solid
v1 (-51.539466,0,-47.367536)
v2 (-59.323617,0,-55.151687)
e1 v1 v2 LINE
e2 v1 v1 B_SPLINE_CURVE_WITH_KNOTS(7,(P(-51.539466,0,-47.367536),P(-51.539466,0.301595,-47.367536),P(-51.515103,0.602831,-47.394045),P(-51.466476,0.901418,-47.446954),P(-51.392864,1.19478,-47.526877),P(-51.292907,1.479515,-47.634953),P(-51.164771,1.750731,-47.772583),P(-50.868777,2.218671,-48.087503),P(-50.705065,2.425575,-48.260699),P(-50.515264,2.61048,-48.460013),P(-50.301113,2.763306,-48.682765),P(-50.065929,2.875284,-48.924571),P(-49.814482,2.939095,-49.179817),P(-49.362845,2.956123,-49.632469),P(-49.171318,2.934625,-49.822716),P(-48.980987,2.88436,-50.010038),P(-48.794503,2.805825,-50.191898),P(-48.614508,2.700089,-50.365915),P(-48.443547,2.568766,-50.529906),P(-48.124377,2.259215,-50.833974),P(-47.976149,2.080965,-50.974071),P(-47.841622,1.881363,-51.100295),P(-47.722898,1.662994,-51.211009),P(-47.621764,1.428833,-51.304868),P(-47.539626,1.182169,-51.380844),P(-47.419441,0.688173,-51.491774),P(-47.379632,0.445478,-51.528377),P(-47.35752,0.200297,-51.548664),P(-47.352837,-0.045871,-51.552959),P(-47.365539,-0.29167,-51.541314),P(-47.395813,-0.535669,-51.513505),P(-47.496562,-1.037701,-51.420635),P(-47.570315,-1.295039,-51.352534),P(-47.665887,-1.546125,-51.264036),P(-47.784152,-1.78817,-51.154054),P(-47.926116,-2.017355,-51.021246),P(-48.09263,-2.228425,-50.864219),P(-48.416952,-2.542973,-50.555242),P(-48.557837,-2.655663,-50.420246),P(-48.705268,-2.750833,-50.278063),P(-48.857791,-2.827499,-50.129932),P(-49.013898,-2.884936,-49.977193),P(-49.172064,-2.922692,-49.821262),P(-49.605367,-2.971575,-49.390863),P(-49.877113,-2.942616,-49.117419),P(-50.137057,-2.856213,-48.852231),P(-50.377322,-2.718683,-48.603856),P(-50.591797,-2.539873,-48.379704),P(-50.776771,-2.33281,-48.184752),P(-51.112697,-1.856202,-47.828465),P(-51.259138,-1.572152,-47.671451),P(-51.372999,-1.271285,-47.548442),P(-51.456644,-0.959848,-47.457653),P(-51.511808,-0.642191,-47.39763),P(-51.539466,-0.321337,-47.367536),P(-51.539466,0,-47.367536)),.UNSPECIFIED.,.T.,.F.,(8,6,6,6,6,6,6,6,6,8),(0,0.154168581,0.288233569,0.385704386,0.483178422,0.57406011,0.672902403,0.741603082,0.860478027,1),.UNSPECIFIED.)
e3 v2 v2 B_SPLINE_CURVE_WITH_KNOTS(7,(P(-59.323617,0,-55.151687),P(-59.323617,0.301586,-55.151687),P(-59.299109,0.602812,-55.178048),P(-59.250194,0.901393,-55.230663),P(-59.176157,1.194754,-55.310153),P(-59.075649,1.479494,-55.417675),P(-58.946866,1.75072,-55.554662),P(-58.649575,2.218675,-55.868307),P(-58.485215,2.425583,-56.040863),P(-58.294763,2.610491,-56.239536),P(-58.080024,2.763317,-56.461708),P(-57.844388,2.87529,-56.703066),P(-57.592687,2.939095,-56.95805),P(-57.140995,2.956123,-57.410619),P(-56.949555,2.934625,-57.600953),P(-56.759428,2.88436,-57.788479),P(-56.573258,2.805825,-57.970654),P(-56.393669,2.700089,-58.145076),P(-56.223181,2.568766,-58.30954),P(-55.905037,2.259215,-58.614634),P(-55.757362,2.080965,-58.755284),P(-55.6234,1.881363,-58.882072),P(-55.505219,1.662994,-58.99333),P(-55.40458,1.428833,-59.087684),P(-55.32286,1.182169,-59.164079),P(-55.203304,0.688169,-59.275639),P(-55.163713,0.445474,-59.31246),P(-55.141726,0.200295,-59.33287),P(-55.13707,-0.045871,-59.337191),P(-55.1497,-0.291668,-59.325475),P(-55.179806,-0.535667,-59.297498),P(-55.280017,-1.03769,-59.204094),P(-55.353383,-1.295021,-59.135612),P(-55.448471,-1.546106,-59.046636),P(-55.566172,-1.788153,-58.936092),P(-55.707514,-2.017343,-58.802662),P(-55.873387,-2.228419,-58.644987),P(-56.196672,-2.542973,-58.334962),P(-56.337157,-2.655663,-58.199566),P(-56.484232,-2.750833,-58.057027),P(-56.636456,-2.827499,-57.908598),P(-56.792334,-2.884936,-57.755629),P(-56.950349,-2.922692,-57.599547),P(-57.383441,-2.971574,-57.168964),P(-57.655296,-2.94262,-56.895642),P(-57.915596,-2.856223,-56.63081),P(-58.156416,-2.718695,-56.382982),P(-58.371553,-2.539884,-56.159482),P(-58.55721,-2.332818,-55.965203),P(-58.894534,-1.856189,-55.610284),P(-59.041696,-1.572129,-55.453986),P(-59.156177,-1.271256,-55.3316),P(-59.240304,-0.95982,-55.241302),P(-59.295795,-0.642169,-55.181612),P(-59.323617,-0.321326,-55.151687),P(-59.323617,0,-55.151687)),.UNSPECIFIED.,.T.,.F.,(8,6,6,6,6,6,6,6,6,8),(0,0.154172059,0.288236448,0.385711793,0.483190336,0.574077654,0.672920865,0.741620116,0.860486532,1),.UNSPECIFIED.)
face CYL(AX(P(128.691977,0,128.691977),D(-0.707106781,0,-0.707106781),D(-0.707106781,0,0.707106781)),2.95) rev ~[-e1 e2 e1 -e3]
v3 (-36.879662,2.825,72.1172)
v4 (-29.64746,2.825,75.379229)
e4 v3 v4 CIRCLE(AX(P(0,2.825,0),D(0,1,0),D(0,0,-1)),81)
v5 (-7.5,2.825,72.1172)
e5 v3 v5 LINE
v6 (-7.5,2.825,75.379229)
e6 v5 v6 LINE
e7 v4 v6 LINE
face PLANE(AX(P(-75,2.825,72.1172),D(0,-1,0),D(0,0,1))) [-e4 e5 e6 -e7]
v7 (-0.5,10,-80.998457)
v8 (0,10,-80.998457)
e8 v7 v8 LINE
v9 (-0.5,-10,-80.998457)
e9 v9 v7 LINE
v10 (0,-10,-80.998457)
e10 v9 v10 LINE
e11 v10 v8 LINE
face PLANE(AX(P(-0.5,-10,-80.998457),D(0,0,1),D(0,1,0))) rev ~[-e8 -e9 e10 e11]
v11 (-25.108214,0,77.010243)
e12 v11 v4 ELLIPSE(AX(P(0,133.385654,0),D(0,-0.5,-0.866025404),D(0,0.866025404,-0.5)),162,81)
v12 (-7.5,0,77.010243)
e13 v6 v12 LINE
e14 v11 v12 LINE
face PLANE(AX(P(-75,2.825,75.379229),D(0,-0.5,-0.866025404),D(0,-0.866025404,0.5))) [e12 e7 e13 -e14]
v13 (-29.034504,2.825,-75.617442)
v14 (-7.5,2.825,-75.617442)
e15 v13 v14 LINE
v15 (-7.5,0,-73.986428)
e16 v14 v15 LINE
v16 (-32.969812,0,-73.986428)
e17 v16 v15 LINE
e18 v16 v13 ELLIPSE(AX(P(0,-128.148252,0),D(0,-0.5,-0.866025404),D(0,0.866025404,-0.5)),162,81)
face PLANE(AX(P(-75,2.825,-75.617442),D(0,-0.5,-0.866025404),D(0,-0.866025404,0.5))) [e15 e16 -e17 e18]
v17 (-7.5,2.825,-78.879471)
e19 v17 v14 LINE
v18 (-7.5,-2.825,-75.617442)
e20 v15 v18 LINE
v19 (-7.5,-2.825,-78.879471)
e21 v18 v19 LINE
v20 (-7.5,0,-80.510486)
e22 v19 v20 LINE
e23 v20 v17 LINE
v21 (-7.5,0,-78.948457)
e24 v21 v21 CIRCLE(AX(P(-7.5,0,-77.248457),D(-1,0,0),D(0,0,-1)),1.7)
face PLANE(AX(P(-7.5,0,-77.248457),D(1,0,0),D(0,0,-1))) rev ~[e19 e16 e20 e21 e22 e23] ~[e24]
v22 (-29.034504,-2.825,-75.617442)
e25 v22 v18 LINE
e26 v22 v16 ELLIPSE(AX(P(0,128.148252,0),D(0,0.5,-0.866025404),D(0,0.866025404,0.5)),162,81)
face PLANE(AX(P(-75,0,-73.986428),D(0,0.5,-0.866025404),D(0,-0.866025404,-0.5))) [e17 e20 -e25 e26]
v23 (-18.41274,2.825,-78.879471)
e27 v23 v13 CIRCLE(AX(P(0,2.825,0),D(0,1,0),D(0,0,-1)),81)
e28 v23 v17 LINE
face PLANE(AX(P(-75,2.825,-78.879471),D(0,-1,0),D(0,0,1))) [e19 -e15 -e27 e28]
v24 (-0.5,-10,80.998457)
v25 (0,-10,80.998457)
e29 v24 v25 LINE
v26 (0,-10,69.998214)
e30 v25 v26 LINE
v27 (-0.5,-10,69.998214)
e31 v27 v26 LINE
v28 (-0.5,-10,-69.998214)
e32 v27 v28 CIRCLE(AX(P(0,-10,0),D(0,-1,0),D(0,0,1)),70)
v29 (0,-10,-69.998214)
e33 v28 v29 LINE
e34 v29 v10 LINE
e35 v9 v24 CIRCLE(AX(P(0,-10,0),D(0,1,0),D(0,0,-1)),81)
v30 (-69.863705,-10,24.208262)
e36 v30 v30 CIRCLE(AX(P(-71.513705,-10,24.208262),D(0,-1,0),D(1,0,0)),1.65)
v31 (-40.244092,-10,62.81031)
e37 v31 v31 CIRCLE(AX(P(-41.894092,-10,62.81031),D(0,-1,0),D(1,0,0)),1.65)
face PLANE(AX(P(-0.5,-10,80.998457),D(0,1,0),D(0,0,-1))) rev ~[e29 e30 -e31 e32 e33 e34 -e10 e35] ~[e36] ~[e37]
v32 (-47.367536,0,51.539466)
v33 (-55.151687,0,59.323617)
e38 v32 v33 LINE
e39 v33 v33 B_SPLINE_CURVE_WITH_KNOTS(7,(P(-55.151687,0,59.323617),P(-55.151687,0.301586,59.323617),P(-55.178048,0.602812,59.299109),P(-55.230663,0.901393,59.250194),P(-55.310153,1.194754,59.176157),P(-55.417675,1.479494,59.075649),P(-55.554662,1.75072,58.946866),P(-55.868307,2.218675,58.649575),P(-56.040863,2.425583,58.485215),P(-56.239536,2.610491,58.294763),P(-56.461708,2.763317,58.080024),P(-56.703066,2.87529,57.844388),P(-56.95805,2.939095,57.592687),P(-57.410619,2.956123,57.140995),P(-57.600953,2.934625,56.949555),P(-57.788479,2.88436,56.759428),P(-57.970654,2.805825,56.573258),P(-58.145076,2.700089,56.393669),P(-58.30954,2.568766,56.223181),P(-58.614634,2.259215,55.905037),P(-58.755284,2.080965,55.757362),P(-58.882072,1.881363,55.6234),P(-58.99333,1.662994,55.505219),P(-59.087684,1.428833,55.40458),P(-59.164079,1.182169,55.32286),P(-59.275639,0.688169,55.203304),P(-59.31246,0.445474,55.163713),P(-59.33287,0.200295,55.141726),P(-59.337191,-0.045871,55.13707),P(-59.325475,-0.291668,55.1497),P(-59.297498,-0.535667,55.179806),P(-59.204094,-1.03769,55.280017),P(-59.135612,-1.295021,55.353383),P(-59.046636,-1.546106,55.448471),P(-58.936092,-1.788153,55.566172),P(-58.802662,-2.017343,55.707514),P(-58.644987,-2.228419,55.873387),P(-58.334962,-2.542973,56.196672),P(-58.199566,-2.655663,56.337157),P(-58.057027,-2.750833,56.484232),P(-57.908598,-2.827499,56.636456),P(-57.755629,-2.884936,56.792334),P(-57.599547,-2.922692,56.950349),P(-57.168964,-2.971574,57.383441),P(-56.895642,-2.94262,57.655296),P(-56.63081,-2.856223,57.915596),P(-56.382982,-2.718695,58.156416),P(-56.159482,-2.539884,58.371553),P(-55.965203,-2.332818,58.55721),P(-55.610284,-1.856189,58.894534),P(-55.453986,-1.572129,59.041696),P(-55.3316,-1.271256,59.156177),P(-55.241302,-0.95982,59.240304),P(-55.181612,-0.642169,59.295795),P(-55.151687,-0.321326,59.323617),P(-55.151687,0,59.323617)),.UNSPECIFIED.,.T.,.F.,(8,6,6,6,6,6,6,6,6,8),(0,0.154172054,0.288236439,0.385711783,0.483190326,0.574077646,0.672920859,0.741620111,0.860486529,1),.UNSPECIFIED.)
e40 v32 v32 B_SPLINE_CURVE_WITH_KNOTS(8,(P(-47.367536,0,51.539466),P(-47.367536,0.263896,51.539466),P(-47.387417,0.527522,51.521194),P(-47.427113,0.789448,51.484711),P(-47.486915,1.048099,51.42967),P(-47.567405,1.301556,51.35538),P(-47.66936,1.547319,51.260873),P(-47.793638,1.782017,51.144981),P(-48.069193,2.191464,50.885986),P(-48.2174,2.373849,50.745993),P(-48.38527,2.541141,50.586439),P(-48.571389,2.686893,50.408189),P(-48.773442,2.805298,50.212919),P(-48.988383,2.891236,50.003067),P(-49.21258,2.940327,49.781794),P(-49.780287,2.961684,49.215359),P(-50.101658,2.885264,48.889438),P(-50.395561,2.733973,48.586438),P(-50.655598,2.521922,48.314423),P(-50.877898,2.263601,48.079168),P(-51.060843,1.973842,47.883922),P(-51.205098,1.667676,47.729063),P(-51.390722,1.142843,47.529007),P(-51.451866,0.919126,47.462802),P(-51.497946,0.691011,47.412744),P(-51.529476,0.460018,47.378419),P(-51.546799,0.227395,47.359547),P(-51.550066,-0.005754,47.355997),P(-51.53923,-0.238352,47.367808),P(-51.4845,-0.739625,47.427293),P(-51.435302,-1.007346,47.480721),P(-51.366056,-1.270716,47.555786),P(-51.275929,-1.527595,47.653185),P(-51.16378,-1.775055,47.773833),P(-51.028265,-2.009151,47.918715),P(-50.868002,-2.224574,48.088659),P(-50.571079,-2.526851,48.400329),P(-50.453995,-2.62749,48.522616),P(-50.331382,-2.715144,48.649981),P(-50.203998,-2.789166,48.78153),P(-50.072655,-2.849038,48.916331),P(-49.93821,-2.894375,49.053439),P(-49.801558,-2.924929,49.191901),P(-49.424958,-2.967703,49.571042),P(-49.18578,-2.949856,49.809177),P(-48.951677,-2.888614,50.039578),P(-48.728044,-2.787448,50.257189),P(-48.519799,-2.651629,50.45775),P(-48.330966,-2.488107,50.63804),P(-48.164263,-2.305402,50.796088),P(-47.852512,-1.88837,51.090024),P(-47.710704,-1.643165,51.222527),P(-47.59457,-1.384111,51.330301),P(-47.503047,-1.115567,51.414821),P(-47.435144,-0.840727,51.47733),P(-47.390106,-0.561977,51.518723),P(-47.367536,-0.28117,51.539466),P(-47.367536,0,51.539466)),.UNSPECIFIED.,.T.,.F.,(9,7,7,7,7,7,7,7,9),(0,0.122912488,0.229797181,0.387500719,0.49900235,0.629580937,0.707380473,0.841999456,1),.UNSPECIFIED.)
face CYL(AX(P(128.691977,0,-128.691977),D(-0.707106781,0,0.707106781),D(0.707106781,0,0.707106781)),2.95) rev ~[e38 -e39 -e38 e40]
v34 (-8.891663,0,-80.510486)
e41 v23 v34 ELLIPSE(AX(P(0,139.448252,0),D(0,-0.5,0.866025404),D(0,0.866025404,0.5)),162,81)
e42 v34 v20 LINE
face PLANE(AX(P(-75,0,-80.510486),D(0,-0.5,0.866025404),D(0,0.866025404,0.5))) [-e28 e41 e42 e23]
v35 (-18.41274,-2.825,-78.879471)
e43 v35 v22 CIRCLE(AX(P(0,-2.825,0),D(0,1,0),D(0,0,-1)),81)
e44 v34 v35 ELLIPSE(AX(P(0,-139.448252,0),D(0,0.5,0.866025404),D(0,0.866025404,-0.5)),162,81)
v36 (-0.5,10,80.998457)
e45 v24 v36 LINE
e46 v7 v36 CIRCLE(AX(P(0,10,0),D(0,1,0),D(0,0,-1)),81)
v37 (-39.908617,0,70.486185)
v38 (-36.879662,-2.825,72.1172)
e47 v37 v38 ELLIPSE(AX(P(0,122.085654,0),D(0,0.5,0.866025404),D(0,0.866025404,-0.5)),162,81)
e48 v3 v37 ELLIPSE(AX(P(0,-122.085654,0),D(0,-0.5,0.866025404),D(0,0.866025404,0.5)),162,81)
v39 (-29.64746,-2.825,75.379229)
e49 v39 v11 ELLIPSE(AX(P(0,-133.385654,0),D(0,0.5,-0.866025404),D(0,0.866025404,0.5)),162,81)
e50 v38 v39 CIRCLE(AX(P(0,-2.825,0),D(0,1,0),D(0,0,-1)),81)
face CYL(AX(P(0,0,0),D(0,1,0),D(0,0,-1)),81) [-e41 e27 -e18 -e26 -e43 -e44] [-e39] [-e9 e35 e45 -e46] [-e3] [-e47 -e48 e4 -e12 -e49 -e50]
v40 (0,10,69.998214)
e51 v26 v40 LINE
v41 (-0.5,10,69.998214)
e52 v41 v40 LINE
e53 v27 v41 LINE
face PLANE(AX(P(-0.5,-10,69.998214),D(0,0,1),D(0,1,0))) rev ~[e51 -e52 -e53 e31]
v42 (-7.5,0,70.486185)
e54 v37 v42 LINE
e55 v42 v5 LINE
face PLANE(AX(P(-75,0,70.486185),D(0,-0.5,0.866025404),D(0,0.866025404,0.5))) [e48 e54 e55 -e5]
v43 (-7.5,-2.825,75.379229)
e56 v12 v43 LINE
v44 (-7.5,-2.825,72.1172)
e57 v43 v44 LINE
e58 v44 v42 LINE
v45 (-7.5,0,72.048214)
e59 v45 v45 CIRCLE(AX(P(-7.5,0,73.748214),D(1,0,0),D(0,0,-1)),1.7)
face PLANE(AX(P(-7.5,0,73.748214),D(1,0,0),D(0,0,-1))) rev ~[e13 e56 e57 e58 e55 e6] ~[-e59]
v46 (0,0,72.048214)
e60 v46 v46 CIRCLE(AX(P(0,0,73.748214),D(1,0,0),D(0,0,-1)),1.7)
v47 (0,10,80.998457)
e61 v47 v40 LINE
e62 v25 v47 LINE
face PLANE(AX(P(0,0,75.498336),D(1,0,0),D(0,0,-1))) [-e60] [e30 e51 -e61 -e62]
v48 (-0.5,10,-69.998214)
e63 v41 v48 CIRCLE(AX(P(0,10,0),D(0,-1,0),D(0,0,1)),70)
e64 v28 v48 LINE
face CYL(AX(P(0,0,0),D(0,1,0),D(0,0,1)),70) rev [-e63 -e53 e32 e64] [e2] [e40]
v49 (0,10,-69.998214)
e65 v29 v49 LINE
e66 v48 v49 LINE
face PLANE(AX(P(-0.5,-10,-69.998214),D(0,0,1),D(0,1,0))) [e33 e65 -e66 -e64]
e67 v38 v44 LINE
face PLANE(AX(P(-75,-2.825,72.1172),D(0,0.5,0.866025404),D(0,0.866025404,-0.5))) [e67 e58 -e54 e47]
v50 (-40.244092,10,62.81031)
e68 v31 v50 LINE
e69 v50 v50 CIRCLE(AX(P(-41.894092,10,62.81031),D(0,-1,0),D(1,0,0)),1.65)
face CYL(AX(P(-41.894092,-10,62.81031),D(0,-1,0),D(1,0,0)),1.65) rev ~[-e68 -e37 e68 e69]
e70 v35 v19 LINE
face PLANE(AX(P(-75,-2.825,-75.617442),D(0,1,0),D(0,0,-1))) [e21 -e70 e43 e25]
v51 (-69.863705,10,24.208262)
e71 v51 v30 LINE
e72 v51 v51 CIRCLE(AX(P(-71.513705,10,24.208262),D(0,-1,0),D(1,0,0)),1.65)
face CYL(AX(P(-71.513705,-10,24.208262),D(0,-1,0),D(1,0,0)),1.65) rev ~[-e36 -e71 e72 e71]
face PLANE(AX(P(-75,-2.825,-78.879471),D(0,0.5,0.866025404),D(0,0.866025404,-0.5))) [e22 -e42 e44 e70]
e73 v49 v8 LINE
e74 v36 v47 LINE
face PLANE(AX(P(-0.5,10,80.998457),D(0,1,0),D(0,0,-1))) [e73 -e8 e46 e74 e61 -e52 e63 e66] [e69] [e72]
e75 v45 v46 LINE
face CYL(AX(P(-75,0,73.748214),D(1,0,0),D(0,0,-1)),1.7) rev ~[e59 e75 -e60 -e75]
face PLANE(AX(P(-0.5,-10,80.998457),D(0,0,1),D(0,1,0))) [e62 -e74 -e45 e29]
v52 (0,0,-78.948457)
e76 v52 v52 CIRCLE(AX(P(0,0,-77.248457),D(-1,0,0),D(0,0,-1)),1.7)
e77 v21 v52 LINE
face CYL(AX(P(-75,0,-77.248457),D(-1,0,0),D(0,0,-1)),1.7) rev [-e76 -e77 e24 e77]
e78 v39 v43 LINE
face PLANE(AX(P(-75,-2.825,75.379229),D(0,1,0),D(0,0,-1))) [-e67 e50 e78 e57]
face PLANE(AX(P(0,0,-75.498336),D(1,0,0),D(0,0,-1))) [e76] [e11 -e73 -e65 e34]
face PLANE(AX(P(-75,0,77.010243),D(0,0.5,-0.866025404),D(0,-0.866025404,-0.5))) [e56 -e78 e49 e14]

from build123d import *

# Parameters (mm, degrees)
BOSS_EXTRUDE1_DEPTH   = 10
SKETCH2_W             = 162
SKETCH2_H             = 20
CUT_EXTRUDE1_DEPTH    = 0.5
CUT_EXTRUDE2_DEPTH    = 67.5
F_6_0MM_DOWEL_HOLE2_D = 5.9
F_6_0MM_DOWEL_HOLE4_D = 5.9
SKETCH30_R            = 1.65
CUT_EXTRUDE7_DEPTH    = 20
SKETCH31_W            = 11.000242512
SKETCH31_H            = 20
BOSS_EXTRUDE2_DEPTH   = 0.5
SKETCH5_R             = 1.7
CUT_EXTRUDE3_DEPTH    = 115


with BuildPart() as part:
    # Sketch1 → Boss-Extrude1 (new body, symmetric)
    with BuildSketch(Plane(origin=(0, 0, 0), x_dir=(1, 0, 0), z_dir=(0, 1, 0))):
        with BuildLine():
            Line((0, 70), (0, 81))
            ThreePointArc((0, 81), (-81, 0), (0, -81))
            Line((0, -81), (0, -70))
            ThreePointArc((0, -70), (-70, 0), (0, 70))
        make_face()
    extrude(amount=BOSS_EXTRUDE1_DEPTH, both=True)

    # Sketch2 → Cut-Extrude1 (cut)
    with BuildSketch(Plane(origin=(0, 0, 0), x_dir=(0, 0, -1), z_dir=(1, 0, 0))):
        Rectangle(SKETCH2_W, SKETCH2_H)
    extrude(amount=-CUT_EXTRUDE1_DEPTH, mode=Mode.SUBTRACT)

    # Sketch4 → Cut-Extrude2 (cut)
    with BuildSketch(Plane(origin=(-75, 0, 0), x_dir=(0, 0, -1), z_dir=(1, 0, 0))):
        Polygon((-72.117199752, 2.825), (-75.379228773, 2.825), (-77.010243284, 0), (-75.379228773, -2.825), (-72.117199752, -2.825), (-70.486185242, 0), align=None)
        Polygon((80.510485796, 0), (78.879471286, 2.825), (75.617442265, 2.825), (73.986427755, 0), (75.617442265, -2.825), (78.879471286, -2.825), align=None)
    extrude(amount=CUT_EXTRUDE2_DEPTH, mode=Mode.SUBTRACT)

    # Ø6.0mm Dowel Hole2 (through all)
    with Locations(Plane(origin=(0, 0, 0), x_dir=(-0.707106781, 0, -0.707106781), z_dir=(0.707106781, 0, -0.707106781))):
        with Locations((0, 0)):
            Hole(F_6_0MM_DOWEL_HOLE2_D / 2)

    # Ø6.0mm Dowel Hole4 (through all)
    with Locations(Plane(origin=(0, 0, 0), x_dir=(0.707106781, 0, -0.707106781), z_dir=(0.707106781, 0, 0.707106781))):
        with Locations((0, 0)):
            Hole(F_6_0MM_DOWEL_HOLE4_D / 2)

    # Sketch30 → Cut-Extrude7 (cut, symmetric)
    with BuildSketch(Plane.XZ.offset(10)):
        with Locations((-41.894091711, 62.810310298)):
            Circle(SKETCH30_R)
        with Locations((-71.513705419, 24.208261757)):
            Circle(SKETCH30_R)
    extrude(amount=CUT_EXTRUDE7_DEPTH, both=True, mode=Mode.SUBTRACT)

    # Sketch31 → Boss-Extrude2 (add)
    with BuildSketch(Plane(origin=(-0.5, 0, 0), x_dir=(0, 0, -1), z_dir=(1, 0, 0))):
        with Locations((-75.498335519, 0)):
            Rectangle(SKETCH31_W, SKETCH31_H)
        with Locations((75.498335519, 0)):
            Rectangle(SKETCH31_W, SKETCH31_H)
    extrude(amount=BOSS_EXTRUDE2_DEPTH)

    # Sketch5 → Cut-Extrude3 (cut, symmetric)
    with BuildSketch(Plane(origin=(-75, 0, 0), x_dir=(0, 0, -1), z_dir=(1, 0, 0))):
        with Locations((77.248456775, 0)):
            Circle(SKETCH5_R)
        with Locations((-73.748214263, 0)):
            Circle(SKETCH5_R)
    extrude(amount=CUT_EXTRUDE3_DEPTH, both=True, mode=Mode.SUBTRACT)


solid = part.part
